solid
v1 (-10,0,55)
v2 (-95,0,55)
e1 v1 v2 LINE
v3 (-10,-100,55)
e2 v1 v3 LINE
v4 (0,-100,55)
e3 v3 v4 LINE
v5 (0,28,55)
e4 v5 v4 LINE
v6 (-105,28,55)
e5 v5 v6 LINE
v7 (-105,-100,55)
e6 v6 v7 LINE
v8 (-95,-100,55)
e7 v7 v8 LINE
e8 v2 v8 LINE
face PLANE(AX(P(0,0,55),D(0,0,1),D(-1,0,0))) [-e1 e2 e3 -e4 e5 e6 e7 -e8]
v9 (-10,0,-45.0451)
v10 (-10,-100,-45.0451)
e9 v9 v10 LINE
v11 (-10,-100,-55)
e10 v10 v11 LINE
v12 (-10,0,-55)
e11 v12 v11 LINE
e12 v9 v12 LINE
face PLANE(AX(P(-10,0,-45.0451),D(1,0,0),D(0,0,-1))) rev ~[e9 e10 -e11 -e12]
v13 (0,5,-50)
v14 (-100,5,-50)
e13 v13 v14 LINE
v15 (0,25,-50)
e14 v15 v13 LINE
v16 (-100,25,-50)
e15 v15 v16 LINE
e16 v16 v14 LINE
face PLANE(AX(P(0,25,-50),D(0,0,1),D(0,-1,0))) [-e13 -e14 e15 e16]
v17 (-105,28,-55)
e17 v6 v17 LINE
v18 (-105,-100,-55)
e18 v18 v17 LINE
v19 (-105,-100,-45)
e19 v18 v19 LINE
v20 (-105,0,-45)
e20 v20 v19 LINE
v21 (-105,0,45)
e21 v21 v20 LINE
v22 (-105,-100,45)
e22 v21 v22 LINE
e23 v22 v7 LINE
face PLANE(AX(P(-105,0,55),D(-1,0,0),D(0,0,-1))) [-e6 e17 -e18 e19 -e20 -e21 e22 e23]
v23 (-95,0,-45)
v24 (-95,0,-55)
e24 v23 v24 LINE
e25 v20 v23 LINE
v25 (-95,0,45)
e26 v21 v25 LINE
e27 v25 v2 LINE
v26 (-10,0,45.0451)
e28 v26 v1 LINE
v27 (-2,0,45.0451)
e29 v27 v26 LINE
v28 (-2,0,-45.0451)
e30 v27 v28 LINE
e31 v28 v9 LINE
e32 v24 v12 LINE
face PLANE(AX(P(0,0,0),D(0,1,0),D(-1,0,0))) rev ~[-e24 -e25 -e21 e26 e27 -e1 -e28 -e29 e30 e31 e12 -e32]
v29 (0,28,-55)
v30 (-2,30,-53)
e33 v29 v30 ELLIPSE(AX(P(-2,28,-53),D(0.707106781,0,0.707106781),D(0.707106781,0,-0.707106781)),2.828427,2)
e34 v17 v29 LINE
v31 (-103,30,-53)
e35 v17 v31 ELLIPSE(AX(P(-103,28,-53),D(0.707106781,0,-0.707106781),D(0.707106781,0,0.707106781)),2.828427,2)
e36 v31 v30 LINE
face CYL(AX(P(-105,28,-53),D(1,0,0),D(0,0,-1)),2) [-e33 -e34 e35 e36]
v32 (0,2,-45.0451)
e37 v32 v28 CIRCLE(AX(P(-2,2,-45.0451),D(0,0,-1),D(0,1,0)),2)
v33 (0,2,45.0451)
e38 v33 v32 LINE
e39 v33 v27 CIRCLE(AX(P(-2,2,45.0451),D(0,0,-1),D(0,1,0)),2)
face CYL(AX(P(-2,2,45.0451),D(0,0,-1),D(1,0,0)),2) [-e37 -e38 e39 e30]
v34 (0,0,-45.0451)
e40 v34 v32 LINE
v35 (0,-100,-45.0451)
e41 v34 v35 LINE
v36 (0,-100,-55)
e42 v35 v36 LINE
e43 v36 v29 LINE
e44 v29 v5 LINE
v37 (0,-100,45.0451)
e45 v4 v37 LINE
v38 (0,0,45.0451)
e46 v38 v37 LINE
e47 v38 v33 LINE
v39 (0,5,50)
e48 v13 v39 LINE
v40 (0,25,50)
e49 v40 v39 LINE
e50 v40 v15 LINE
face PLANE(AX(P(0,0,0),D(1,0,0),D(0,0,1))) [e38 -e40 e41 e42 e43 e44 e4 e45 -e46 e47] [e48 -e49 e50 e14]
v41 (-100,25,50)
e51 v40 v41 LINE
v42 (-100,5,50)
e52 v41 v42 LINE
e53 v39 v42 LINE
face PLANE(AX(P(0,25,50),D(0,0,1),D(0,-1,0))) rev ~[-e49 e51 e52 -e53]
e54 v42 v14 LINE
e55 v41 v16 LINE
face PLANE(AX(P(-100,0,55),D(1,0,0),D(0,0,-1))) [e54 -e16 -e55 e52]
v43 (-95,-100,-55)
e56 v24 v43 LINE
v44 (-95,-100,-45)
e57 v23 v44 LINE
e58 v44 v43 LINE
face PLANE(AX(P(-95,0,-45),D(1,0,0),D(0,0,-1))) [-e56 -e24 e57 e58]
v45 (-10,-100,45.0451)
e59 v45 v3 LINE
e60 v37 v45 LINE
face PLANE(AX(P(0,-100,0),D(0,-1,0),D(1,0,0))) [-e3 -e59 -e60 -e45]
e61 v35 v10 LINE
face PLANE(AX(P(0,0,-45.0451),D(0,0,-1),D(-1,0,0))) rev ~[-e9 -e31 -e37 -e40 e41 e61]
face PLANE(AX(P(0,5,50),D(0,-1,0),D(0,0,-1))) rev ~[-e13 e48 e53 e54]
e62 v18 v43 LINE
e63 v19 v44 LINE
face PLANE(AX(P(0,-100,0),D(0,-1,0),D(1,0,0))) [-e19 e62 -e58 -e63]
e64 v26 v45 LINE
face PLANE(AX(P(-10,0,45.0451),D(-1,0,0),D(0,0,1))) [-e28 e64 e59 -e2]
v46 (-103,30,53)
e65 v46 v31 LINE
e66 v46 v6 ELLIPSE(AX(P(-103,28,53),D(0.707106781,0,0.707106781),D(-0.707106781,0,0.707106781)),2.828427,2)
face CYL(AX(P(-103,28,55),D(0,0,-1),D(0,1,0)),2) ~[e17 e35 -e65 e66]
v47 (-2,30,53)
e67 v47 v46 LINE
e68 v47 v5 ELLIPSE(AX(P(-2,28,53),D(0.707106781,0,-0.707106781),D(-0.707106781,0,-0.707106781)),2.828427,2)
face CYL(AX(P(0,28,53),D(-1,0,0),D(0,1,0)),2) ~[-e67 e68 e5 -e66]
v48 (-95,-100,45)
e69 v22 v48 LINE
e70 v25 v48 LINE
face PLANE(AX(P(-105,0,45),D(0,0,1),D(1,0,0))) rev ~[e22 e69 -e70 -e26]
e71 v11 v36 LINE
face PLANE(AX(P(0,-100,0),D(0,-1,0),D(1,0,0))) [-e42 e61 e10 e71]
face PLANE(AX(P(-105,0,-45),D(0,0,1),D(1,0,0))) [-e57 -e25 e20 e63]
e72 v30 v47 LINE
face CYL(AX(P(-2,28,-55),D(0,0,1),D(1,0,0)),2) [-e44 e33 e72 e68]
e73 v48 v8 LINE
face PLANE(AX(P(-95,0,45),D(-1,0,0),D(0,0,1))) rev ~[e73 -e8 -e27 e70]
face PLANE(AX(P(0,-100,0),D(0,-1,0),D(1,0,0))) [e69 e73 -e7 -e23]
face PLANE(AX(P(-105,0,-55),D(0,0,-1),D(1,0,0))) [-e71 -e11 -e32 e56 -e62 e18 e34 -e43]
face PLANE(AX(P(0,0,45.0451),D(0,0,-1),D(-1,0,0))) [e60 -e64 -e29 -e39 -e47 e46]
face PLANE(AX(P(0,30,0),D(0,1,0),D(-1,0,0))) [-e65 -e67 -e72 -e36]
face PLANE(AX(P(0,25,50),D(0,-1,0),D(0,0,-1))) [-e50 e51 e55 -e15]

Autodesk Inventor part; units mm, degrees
ref_plane "YZ Plane" through (0, 0, 0) normal (1, 0, 0) x (0, 1, 0)
ref_plane "XZ Plane" through (0, 0, 0) normal (0, 1, 0) x (-1, 0, 0)
ref_plane "XY Plane" through (0, 0, 0) normal (0, 0, 1) x (1, 0, 0)
sketch "Boceto1" plane through (0, 0, 0) normal (0, 1, 0) x (-1, 0, 0)
  line L0 (0, 0) -> (0, -55)
  line L1 (0, -55) -> (0, 55)
  line L2 (0, 55) -> (105, 55)
  line L3 (105, 55) -> (105, -55)
  line L4 (105, -55) -> (0, -55)
  dimension "d0" = 55
  dimension "d1" = 110
  dimension "d2" = 105
  dimension "d3" = 110
extrude "Extrusión1" add sketch "Boceto1" along normal blind 30
sketch "Boceto2" plane through (0, 0, 55) normal (1, 0, 0) x (0, 0, -1)
  line L0 (0, 0) -> (0, 30) projected
  line L1 (0, 0) -> (0, 5)
  line L2 (0, 5) -> (110, 5)
  line L3 (110, 0) -> (110, 30) projected
  line L4 (110, 30) -> (0, 30) projected
  line L5 (0, 30) -> (0, 25)
  line L6 (0, 25) -> (110, 25)
  line L7 (0, 30) -> (5, 30)
  line L8 (5, 30) -> (5, 0)
  line L9 (110, 0) -> (0, 0) projected
  line L10 (110, 30) -> (105, 30)
  line L11 (105, 30) -> (105, 0)
  point P0 (55, 0)
  point P1 (105, 5)
  point P2 (105, 25)
  point P3 (5, 25)
  point P4 (5, 5)
  dimension "d6" = 5
  dimension "d7" = 5
  dimension "d9" = 110
  dimension "d10" = 5
  dimension "d11" = 5
extrude "Extrusión2" cut sketch "Boceto2" against normal blind 100 contours L8 L6 L11 L2
sketch "Boceto3" plane through (0, 0, 0) normal (0, -1, 0) x (1, 0, 0)
  line L0 (0, 55.0451) -> (0, 45.0451)
  line L1 (0, -50) -> (0, 50) projected
  line L2 (0, 45.0451) -> (-10, 45.0451)
  line L3 (-105, 55) -> (0, 55) projected
  line L4 (0, 55) -> (-10, 55)
  line L5 (-10, 45.0451) -> (-10, 55)
  line L6 (0, 0) -> (-105, 0)
  line L7 (-105, -55) -> (-105, 55) projected
  line L8 (-105, 55) -> (-105, 45)
  line L9 (-105, 45) -> (-95, 45)
  line L10 (-95, 45) -> (-95, 55)
  line L11 (-105, 55) -> (-95, 55)
  line L12 (0, -55.0451) -> (0, -45.0451)
  line L13 (0, -45.0451) -> (-10, -45.0451)
  line L14 (-105, -55) -> (0, -55)
  line L15 (-10, -45.0451) -> (-10, -55)
  line L16 (-105, 55) -> (-105, -55)
  line L17 (-105, -45) -> (-95, -45)
  line L18 (-95, -45) -> (-95, -55)
  dimension "d14" = 10
  dimension "d15" = 10
  dimension "d16" = 10
  dimension "d17" = 10
extrude "Extrusión3" add sketch "Boceto3" along normal blind 100 contours L0 L2 L5 L3 | L10 L9 L7 L3 | L1 L12 L14 L15 L13 | L17 L18 L14 L7
fillet "Empalme1" radius 2 5 edges at (-52.5, 30, 55) (-52.5, 30, -55) (-105, 30, 0) (0, 30, 0) (0, 0, 0)
properties part number "Base_carga"
